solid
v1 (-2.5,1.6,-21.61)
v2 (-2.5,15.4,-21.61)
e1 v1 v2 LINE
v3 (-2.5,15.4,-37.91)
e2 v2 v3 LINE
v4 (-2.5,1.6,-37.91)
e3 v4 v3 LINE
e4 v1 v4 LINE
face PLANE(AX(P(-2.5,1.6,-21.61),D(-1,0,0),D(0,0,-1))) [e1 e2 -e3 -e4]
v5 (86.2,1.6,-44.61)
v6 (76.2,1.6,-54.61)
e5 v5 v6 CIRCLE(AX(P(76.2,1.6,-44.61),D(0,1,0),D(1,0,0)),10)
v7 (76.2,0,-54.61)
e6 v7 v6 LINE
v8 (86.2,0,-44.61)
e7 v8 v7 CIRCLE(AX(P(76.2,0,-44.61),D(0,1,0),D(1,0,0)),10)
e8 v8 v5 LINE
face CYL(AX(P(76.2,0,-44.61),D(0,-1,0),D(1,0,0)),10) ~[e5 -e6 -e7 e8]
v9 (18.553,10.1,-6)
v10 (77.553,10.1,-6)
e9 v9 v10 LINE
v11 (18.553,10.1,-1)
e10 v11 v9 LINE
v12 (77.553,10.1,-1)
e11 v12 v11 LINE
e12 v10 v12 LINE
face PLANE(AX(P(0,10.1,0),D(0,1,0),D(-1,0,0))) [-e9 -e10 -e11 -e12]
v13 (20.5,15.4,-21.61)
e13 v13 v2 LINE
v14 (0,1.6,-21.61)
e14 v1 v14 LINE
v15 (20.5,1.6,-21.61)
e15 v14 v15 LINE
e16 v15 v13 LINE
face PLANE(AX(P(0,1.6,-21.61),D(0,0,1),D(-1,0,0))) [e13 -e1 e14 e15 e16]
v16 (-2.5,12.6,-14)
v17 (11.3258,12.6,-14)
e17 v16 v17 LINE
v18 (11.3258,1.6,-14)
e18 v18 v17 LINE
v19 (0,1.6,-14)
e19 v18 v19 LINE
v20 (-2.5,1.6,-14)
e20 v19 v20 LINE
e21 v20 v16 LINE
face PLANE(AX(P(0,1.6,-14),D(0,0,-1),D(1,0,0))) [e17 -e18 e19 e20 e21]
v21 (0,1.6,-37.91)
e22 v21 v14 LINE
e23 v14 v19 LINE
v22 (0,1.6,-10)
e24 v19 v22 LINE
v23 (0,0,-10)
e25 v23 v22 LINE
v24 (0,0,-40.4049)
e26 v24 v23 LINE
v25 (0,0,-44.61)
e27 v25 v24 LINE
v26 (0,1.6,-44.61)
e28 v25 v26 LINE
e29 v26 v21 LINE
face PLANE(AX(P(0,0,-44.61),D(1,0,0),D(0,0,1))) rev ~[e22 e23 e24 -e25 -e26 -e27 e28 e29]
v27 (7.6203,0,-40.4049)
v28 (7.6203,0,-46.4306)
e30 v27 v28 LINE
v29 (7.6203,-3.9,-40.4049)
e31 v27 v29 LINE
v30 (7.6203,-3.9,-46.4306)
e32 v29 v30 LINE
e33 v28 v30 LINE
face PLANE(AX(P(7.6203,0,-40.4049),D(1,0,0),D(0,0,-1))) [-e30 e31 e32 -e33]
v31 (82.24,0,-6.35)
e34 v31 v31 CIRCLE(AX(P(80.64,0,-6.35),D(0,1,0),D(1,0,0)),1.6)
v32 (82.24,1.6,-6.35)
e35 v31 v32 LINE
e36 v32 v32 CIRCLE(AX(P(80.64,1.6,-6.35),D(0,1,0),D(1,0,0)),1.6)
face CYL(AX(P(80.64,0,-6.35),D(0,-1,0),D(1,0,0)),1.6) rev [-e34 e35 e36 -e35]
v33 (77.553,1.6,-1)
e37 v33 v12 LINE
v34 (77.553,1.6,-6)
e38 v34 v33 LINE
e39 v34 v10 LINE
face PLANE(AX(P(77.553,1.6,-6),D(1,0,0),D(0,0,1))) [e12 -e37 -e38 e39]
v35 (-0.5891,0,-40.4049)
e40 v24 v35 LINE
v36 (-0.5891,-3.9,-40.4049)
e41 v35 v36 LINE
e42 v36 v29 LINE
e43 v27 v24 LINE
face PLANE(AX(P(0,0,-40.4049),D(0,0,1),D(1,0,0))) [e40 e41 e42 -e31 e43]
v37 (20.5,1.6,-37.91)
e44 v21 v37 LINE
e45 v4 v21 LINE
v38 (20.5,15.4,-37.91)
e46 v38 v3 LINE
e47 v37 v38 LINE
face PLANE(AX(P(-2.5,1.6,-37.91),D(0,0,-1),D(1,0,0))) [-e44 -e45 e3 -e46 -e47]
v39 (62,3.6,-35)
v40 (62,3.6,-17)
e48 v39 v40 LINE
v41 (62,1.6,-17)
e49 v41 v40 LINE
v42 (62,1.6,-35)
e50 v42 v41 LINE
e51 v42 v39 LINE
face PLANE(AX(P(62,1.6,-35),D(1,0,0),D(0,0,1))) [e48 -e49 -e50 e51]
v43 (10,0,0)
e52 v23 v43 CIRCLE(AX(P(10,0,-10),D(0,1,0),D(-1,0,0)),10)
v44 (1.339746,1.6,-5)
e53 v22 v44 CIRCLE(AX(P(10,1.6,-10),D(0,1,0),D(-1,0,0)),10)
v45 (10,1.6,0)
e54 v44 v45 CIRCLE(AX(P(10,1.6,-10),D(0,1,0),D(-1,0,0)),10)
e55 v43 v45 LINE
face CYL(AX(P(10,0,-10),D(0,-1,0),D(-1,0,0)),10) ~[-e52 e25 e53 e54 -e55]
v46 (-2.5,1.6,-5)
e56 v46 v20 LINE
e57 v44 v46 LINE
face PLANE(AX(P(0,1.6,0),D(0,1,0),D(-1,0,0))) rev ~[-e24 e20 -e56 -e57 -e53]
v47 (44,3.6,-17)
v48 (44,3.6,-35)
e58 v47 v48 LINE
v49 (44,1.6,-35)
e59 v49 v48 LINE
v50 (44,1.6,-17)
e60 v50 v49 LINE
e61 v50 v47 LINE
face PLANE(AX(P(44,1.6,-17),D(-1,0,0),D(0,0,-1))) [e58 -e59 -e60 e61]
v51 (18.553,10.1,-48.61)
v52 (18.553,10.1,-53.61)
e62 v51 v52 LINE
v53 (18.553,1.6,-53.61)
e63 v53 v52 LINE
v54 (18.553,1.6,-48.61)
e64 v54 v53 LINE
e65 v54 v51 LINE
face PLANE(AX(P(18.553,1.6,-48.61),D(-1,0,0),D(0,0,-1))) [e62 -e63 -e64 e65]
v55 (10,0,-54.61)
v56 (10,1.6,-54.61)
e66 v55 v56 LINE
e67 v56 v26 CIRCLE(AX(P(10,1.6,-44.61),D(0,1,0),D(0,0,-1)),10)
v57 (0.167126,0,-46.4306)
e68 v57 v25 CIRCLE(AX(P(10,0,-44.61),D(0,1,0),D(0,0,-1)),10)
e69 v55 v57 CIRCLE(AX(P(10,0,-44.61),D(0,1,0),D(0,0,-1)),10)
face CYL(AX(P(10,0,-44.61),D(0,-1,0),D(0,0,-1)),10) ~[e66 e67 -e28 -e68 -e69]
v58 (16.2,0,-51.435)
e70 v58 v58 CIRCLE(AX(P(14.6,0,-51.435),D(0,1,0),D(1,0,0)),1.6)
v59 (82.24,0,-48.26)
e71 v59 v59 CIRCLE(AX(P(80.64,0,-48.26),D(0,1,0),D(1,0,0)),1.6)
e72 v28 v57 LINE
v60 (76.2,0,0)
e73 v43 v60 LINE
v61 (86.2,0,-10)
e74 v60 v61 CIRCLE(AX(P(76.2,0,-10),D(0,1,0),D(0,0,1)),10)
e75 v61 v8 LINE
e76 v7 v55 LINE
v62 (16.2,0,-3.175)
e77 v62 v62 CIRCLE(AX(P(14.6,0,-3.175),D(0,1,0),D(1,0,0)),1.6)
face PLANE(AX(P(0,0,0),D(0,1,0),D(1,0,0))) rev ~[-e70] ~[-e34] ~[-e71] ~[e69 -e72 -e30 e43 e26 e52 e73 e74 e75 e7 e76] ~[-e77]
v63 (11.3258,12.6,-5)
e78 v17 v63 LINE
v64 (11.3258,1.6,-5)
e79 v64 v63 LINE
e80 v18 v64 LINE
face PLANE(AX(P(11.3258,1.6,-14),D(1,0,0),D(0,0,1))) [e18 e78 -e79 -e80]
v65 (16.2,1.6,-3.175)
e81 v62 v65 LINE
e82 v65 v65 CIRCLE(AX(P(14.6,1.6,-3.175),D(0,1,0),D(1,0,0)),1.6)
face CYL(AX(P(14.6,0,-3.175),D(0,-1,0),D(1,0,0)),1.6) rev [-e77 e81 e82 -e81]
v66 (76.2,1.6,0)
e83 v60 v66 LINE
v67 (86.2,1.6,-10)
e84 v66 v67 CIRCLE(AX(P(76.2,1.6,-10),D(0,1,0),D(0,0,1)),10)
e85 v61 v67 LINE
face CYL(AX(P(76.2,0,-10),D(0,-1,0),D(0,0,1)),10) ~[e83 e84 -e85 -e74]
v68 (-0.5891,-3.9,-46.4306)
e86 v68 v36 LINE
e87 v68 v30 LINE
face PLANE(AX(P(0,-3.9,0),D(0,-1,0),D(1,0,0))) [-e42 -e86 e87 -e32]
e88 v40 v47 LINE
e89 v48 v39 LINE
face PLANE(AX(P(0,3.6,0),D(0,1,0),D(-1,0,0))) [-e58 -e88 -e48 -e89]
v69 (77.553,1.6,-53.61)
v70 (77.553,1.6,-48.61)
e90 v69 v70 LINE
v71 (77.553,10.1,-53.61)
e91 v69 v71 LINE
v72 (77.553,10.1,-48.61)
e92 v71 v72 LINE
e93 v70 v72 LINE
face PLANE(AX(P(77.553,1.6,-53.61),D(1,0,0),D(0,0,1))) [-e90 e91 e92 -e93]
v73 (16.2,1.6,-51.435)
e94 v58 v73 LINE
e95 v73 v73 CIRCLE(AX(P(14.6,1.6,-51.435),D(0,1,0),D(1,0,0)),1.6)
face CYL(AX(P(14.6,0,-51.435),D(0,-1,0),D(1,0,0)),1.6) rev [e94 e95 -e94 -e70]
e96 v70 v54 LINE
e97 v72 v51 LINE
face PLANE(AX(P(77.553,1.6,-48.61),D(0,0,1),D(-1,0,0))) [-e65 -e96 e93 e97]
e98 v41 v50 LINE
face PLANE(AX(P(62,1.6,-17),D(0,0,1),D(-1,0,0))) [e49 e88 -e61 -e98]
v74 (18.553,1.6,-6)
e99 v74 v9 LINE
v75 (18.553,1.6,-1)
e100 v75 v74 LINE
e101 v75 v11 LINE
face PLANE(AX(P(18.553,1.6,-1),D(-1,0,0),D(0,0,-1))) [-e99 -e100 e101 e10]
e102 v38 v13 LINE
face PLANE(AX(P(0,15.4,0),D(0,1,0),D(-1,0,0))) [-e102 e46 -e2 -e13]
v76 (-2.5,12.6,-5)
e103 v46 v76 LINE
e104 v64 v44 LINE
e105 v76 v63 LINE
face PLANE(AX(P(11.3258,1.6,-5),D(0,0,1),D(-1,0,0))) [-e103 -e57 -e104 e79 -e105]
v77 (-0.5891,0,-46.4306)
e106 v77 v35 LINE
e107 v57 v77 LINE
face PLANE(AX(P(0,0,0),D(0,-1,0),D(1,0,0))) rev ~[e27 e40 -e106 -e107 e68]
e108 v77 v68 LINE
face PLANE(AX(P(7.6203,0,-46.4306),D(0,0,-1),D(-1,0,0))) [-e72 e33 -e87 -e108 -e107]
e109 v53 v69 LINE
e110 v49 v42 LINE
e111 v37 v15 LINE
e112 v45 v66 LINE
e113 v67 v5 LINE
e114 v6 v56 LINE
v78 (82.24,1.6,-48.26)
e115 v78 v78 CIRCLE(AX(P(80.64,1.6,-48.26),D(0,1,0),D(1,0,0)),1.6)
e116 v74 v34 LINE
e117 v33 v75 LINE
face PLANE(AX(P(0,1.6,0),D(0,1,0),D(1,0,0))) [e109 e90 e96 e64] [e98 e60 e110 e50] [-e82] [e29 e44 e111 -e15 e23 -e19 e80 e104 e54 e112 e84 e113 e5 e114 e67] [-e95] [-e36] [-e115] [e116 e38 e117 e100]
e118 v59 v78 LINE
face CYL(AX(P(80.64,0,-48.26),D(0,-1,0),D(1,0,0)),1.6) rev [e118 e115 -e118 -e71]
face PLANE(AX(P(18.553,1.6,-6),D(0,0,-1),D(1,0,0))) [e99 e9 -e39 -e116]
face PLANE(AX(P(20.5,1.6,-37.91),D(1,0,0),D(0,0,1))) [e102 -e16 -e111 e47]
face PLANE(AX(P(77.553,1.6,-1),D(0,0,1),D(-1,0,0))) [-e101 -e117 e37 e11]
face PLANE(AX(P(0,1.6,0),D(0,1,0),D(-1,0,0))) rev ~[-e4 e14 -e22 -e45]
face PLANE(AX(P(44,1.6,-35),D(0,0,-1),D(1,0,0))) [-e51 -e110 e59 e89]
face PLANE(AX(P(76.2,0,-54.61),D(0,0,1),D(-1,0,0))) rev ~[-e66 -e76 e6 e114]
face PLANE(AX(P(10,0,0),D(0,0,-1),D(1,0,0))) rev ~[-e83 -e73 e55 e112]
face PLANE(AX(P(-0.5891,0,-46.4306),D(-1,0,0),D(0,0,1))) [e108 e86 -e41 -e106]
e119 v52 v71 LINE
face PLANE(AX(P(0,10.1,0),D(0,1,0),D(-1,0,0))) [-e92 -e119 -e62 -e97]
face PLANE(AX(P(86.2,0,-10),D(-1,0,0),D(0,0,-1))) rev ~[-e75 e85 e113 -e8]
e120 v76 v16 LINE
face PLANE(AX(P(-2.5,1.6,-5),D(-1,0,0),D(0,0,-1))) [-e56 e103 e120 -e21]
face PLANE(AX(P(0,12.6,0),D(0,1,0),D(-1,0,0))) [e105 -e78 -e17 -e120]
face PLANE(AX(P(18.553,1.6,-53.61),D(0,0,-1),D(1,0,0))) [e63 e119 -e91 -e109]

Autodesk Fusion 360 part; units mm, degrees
sketch "Sketch1" plane through (0, 0, 0) normal (0, 1, 0) x (1, 0, 0)
  line L0 (10, 0) -> (76.2, 0)
  line L1 (86.2, 10) -> (86.2, 44.61)
  line L2 (76.2, 54.61) -> (10, 54.61)
  line L3 (0, 44.61) -> (0, 10)
  circle A0 centre (14.6, 51.435) radius 1.6
  circle A1 centre (14.6, 3.175) radius 1.6
  circle A2 centre (80.64, 48.26) radius 1.6
  circle A3 centre (80.64, 6.35) radius 1.6
  arc A4 (0, 10) -> (10, 0) centre (10, 10) ccw
  arc A5 (10, 54.61) -> (0, 44.61) centre (10, 44.61) ccw
  arc A6 (86.2, 44.61) -> (76.2, 54.61) centre (76.2, 44.61) ccw
  arc A7 (76.2, 0) -> (86.2, 10) centre (76.2, 10) ccw
  dimension "d1" = 86.2
  dimension "d2" = 54.61
  dimension "d3" = 3.2
  dimension "d4" = 14.6
  dimension "d5" = 3.175
  dimension "d6" = 48.26
  dimension "d8" = 41.91
  dimension "d10" = 6.35
  dimension "d11" = 65.9
  dimension "d12" = 66.04
  dimension "d13" = 10
  dimension "d36" = 3.11
extrude "Extrude1" add sketch "Sketch1" along normal blind 1.6
sketch "Sketch2" plane through (0, 1.6, 0) normal (0, 1, 0) x (-1, 0, 0)
  circle A0 centre (-14.6, -3.175) radius 1.6
  circle A1 centre (-80.64, -6.35) radius 1.6
  circle A2 centre (-14.6, -51.435) radius 1.6
  circle A3 centre (-80.64, -48.26) radius 1.6
  arc A4 (-76.2, 0) -> (-86.2, -10) centre (-76.2, -10) ccw
  line L0 (-86.2, -10) -> (-86.2, -44.61)
  arc A5 (-86.2, -44.61) -> (-76.2, -54.61) centre (-76.2, -44.61) ccw
  line L1 (-76.2, -54.61) -> (-10, -54.61)
  arc A6 (-10, -54.61) -> (0, -44.61) centre (-10, -44.61) ccw
  line L2 (0, -44.61) -> (0, -10)
  arc A7 (0, -10) -> (-10, 0) centre (-10, -10) ccw
  line L3 (-10, 0) -> (-76.2, 0)
  line L4 (-18.553, -6) -> (-77.553, -6)
  line L5 (-77.553, -6) -> (-77.553, -1)
  line L6 (-77.553, -1) -> (-18.553, -1)
  line L7 (-18.553, -1) -> (-18.553, -6)
  line L8 (-18.553, -53.61) -> (-77.553, -53.61)
  line L9 (-77.553, -53.61) -> (-77.553, -48.61)
  line L10 (-77.553, -48.61) -> (-18.553, -48.61)
  line L11 (-18.553, -48.61) -> (-18.553, -53.61)
  dimension "d16" = 59
  dimension "d17" = 1
  dimension "d18" = 1
  dimension "d19" = 5
extrude "Extrude2" add sketch "Sketch2" along normal blind 8.5 contours L4 L5 L6 L7 | L8 L9 L10 L11
sketch "Sketch3" plane through (0, 1.6, 0) normal (0, 1, 0) x (-1, 0, 0)
  line L0 (-18.553, -1) -> (-18.553, -6)
  line L1 (-18.553, -6) -> (-77.553, -6)
  line L2 (-77.553, -6) -> (-77.553, -1)
  line L3 (-77.553, -1) -> (-18.553, -1)
  line L4 (-18.553, -48.61) -> (-18.553, -53.61)
  line L5 (-18.553, -53.61) -> (-77.553, -53.61)
  line L6 (-77.553, -53.61) -> (-77.553, -48.61)
  line L7 (-77.553, -48.61) -> (-18.553, -48.61)
  circle A0 centre (-14.6, -3.175) radius 1.6
  circle A1 centre (-80.64, -6.35) radius 1.6
  circle A2 centre (-14.6, -51.435) radius 1.6
  circle A3 centre (-80.64, -48.26) radius 1.6
  arc A4 (-76.2, 0) -> (-86.2, -10) centre (-76.2, -10) ccw
  line L8 (-86.2, -10) -> (-86.2, -44.61)
  arc A5 (-86.2, -44.61) -> (-76.2, -54.61) centre (-76.2, -44.61) ccw
  line L9 (-76.2, -54.61) -> (-10, -54.61)
  arc A6 (-10, -54.61) -> (0, -44.61) centre (-10, -44.61) ccw
  line L10 (0, -44.61) -> (0, -10)
  arc A7 (0, -10) -> (-10, 0) centre (-10, -10) ccw
  line L11 (-10, 0) -> (-76.2, 0)
  line L12 (2.5, -37.91) -> (-20.5, -37.91)
  line L13 (-20.5, -37.91) -> (-20.5, -21.61)
  line L14 (-20.5, -21.61) -> (2.5, -21.61)
  line L15 (2.5, -21.61) -> (2.5, -37.91)
  dimension "d22" = 16.3
  dimension "d23" = 16.7
  dimension "d24" = 2.5
extrude "Extrude3" add sketch "Sketch3" along normal blind 13.8 contours L10 L12 L14 L15 | L10 L12 L13 L14
sketch "Sketch4" plane through (0, 1.6, 0) normal (0, 1, 0) x (-1, 0, 0)
  line L0 (-20.5, -21.61) -> (0, -21.61)
  line L1 (0, -21.61) -> (0, -10)
  arc A0 (0, -10) -> (-10, 0) centre (-10, -10) ccw
  line L2 (-10, 0) -> (-76.2, 0)
  arc A1 (-76.2, 0) -> (-86.2, -10) centre (-76.2, -10) ccw
  line L3 (-86.2, -10) -> (-86.2, -44.61)
  arc A2 (-86.2, -44.61) -> (-76.2, -54.61) centre (-76.2, -44.61) ccw
  line L4 (-76.2, -54.61) -> (-10, -54.61)
  arc A3 (-10, -54.61) -> (0, -44.61) centre (-10, -44.61) ccw
  line L5 (0, -44.61) -> (0, -37.91)
  line L6 (0, -37.91) -> (-20.5, -37.91)
  line L7 (-20.5, -37.91) -> (-20.5, -21.61)
  line L8 (-18.553, -1) -> (-18.553, -6)
  line L9 (-18.553, -6) -> (-77.553, -6)
  line L10 (-77.553, -6) -> (-77.553, -1)
  line L11 (-77.553, -1) -> (-18.553, -1)
  line L12 (-18.553, -48.61) -> (-18.553, -53.61)
  line L13 (-18.553, -53.61) -> (-77.553, -53.61)
  line L14 (-77.553, -53.61) -> (-77.553, -48.61)
  line L15 (-77.553, -48.61) -> (-18.553, -48.61)
  circle A4 centre (-14.6, -3.175) radius 1.6
  circle A5 centre (-80.64, -6.35) radius 1.6
  circle A6 centre (-14.6, -51.435) radius 1.6
  circle A7 centre (-80.64, -48.26) radius 1.6
  line L16 (2.5, -14) -> (-11.3258, -14)
  line L17 (-11.3258, -14) -> (-11.3258, -5)
  line L18 (-11.3258, -5) -> (2.5, -5)
  line L19 (2.5, -5) -> (2.5, -14)
  dimension "d27" = 9
  dimension "d28" = 5
extrude "Extrude4" add sketch "Sketch4" along normal blind 11 contours L1 A0 L16 L17 L18 | L1 A0 L16 L18 L19
sketch "Sketch5" plane through (0, 0, 0) normal (0, -1, 0) x (1, 0, 0)
  circle A0 centre (14.6, -3.175) radius 1.6
  circle A1 centre (80.64, -6.35) radius 1.6
  circle A2 centre (14.6, -51.435) radius 1.6
  circle A3 centre (80.64, -48.26) radius 1.6
  arc A4 (86.2, -10) -> (76.2, 0) centre (76.2, -10) ccw
  line L0 (76.2, 0) -> (10, 0)
  arc A5 (10, 0) -> (0, -10) centre (10, -10) ccw
  line L1 (0, -10) -> (0, -44.61)
  arc A6 (0, -44.61) -> (10, -54.61) centre (10, -44.61) ccw
  line L2 (10, -54.61) -> (76.2, -54.61)
  arc A7 (76.2, -54.61) -> (86.2, -44.61) centre (76.2, -44.61) ccw
  line L3 (86.2, -44.61) -> (86.2, -10)
  line L4 (-0.5891, -40.4049) -> (7.6203, -40.4049)
  line L5 (7.6203, -40.4049) -> (7.6203, -46.4306)
  line L6 (7.6203, -46.4306) -> (-0.5891, -46.4306)
  line L7 (-0.5891, -46.4306) -> (-0.5891, -40.4049)
extrude "Extrude5" add sketch "Sketch5" along normal blind 3.9 contours L1 A6 L4 L5 L6 | L1 A6 L4 L6 L7
sketch "Sketch6" plane through (0, 1.6, 0) normal (0, 1, 0) x (-1, 0, 0)
  line L0 (-11.3258, -5) -> (-1.3397, -5)
  arc A0 (-1.3397, -5) -> (-10, 0) centre (-10, -10) ccw
  line L1 (-10, 0) -> (-76.2, 0)
  arc A1 (-76.2, 0) -> (-86.2, -10) centre (-76.2, -10) ccw
  line L2 (-86.2, -10) -> (-86.2, -44.61)
  arc A2 (-86.2, -44.61) -> (-76.2, -54.61) centre (-76.2, -44.61) ccw
  line L3 (-76.2, -54.61) -> (-10, -54.61)
  arc A3 (-10, -54.61) -> (0, -44.61) centre (-10, -44.61) ccw
  line L4 (0, -44.61) -> (0, -37.91)
  line L5 (0, -37.91) -> (-20.5, -37.91)
  line L6 (-20.5, -37.91) -> (-20.5, -21.61)
  line L7 (-20.5, -21.61) -> (0, -21.61)
  line L8 (0, -21.61) -> (0, -14)
  line L9 (0, -14) -> (-11.3258, -14)
  line L10 (-11.3258, -14) -> (-11.3258, -5)
  line L11 (-18.553, -1) -> (-18.553, -6)
  line L12 (-18.553, -6) -> (-77.553, -6)
  line L13 (-77.553, -6) -> (-77.553, -1)
  line L14 (-77.553, -1) -> (-18.553, -1)
  line L15 (-18.553, -48.61) -> (-18.553, -53.61)
  line L16 (-18.553, -53.61) -> (-77.553, -53.61)
  line L17 (-77.553, -53.61) -> (-77.553, -48.61)
  line L18 (-77.553, -48.61) -> (-18.553, -48.61)
  circle A4 centre (-14.6, -3.175) radius 1.6
  circle A5 centre (-80.64, -6.35) radius 1.6
  circle A6 centre (-14.6, -51.435) radius 1.6
  circle A7 centre (-80.64, -48.26) radius 1.6
  line L19 (-44, -35) -> (-62, -35)
  line L20 (-62, -35) -> (-62, -17)
  line L21 (-62, -17) -> (-44, -17)
  line L22 (-44, -17) -> (-44, -35)
  dimension "d33" = 18
extrude "Extrude6" add sketch "Sketch6" along normal blind 2 contours L19 L20 L21 L22
